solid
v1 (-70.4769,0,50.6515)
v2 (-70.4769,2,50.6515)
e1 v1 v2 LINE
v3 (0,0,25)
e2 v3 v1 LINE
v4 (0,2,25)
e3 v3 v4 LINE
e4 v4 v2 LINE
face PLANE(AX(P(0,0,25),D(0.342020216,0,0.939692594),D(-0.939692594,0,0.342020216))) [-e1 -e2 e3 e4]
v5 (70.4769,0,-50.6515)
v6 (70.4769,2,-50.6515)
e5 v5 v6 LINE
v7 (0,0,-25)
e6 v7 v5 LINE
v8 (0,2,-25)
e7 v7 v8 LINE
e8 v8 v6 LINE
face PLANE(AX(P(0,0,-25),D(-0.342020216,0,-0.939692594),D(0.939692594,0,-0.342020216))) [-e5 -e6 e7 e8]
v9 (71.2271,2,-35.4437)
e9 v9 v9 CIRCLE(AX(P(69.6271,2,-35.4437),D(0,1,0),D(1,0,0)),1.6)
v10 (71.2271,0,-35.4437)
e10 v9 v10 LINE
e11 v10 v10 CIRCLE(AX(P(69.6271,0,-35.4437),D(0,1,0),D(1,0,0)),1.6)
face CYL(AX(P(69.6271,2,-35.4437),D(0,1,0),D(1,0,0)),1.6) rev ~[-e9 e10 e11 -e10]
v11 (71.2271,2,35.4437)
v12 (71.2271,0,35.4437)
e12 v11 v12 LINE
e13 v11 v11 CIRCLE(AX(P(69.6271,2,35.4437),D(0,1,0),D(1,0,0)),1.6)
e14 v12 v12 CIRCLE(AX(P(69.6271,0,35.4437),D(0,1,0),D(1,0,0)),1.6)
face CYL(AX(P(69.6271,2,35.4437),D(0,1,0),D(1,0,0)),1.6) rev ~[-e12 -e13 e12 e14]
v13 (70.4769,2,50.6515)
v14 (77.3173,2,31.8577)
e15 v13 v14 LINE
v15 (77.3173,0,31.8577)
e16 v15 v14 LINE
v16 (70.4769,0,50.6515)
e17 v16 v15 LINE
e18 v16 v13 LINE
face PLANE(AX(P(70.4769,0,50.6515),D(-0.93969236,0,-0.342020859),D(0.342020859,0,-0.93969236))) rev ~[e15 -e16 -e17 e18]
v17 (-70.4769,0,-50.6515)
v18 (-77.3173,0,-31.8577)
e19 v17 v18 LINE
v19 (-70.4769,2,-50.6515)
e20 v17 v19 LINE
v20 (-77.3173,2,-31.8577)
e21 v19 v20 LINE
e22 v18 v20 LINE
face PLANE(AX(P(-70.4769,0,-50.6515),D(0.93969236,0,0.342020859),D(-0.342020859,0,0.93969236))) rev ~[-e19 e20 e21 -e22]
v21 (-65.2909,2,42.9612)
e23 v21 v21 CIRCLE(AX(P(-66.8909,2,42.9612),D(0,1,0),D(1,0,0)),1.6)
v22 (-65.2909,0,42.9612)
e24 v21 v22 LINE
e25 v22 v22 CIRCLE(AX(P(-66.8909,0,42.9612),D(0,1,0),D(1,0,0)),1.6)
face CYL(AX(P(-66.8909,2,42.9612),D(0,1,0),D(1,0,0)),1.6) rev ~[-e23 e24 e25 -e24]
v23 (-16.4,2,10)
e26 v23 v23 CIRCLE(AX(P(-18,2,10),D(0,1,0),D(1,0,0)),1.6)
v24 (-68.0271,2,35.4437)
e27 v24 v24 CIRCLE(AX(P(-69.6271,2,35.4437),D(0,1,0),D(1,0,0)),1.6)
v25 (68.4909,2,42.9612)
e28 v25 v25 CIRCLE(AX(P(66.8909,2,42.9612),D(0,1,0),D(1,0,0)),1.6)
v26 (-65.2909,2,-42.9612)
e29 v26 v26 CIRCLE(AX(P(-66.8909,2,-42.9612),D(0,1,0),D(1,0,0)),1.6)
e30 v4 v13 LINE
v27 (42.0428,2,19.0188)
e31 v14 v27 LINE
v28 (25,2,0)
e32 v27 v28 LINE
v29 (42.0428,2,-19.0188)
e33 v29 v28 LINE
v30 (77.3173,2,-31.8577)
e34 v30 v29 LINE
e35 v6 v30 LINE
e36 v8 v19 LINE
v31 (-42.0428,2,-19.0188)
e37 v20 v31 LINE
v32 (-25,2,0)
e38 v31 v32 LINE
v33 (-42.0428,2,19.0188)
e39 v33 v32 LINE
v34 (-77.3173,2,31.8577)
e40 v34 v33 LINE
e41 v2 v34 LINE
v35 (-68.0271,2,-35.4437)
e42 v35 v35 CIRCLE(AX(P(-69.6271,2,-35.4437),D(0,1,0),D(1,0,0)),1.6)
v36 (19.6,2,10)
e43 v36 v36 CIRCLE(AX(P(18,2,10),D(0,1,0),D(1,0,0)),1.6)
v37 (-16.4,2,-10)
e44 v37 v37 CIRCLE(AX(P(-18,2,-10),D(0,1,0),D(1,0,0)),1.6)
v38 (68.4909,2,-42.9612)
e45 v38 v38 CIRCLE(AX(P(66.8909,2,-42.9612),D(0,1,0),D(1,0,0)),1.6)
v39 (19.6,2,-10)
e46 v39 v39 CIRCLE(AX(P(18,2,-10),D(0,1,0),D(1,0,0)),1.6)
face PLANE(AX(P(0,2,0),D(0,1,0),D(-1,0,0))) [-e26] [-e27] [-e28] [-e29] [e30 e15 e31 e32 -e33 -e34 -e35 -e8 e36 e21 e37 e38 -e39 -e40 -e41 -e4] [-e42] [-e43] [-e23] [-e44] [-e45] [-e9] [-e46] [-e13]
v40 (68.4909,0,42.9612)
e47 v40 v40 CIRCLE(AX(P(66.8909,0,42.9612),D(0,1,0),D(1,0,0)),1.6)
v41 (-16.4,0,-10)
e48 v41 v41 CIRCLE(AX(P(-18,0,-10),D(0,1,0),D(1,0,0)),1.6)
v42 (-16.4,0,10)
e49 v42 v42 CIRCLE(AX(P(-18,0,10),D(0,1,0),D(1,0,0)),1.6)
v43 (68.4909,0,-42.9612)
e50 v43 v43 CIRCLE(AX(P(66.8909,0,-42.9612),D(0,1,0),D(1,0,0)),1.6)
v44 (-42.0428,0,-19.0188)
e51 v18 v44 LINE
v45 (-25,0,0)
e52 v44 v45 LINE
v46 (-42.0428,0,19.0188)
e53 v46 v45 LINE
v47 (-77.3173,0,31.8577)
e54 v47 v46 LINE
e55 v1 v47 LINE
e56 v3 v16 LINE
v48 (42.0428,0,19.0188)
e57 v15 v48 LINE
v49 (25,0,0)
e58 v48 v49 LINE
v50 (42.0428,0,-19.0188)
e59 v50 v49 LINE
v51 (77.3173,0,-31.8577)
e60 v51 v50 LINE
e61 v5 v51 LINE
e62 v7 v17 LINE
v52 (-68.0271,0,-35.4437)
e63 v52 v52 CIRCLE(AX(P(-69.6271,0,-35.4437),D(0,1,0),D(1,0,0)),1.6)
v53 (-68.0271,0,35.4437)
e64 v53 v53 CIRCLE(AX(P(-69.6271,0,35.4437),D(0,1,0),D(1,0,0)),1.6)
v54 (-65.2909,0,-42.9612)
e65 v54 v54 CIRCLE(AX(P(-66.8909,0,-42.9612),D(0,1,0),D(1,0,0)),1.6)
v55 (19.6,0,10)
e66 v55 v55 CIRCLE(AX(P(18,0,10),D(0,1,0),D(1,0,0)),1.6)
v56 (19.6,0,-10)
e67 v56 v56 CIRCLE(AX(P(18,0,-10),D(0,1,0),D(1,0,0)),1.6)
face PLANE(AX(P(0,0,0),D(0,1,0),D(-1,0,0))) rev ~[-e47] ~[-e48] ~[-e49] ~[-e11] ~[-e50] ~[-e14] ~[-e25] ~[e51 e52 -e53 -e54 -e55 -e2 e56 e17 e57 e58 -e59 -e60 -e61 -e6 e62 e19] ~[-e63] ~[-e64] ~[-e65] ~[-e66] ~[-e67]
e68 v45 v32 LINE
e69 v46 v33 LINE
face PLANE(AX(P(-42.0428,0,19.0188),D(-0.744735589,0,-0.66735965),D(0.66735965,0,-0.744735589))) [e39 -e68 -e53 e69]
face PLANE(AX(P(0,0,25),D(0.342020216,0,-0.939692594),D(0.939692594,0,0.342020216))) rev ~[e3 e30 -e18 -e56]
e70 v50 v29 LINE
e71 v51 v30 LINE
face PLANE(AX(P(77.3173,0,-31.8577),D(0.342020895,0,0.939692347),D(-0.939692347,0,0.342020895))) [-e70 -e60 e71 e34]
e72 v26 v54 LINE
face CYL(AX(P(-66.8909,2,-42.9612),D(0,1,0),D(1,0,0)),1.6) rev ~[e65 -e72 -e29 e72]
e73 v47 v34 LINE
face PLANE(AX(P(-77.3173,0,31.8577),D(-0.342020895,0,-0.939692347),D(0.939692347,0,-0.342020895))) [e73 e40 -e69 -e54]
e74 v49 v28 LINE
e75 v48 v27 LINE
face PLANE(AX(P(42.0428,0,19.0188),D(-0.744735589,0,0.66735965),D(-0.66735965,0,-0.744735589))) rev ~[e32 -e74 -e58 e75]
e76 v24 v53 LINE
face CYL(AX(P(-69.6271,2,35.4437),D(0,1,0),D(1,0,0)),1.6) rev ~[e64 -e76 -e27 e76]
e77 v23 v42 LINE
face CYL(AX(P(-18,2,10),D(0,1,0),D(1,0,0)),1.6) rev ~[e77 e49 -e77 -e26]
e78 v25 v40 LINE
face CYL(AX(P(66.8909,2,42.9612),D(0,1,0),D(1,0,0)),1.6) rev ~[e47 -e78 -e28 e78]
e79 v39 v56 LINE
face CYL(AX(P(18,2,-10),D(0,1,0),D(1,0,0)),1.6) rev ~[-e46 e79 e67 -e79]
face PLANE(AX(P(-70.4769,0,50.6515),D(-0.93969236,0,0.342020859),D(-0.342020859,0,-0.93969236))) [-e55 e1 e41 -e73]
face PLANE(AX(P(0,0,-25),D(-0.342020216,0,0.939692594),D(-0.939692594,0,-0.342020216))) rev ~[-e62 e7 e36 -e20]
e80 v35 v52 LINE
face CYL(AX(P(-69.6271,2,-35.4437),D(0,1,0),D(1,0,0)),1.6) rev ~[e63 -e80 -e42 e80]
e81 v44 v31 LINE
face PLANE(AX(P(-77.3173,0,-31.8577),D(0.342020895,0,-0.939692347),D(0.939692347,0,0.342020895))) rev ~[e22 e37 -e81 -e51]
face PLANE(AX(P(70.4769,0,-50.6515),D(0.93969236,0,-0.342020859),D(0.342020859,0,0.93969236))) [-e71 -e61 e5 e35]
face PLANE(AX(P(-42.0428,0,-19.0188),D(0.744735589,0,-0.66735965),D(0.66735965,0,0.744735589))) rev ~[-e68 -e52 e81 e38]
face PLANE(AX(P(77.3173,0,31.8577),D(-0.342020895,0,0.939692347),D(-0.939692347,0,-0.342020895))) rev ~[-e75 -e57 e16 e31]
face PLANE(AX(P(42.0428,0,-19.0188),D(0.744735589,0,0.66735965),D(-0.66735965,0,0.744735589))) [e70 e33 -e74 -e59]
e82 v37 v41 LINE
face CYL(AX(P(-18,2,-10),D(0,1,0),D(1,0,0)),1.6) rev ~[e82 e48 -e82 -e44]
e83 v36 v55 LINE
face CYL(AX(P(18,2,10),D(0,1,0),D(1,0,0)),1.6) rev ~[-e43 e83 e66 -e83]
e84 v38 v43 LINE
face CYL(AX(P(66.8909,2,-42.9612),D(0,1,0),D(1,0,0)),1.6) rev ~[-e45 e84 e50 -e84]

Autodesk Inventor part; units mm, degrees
ref_plane "YZ Plane" through (0, 0, 0) normal (1, 0, 0) x (0, 1, 0)
ref_plane "XZ Plane" through (0, 0, 0) normal (0, 1, 0) x (-1, 0, 0)
ref_plane "XY Plane" through (0, 0, 0) normal (0, 0, 1) x (1, 0, 0)
sketch "Skizze1" plane through (0, 0, 0) normal (0, 1, 0) x (-1, 0, 0)
  line L0 (25, -25) -> (-25, -25)
  line L1 (-25, -25) -> (-25, 25)
  line L2 (-25, 25) -> (25, 25)
  line L3 (25, 25) -> (25, -25)
  line L4 (0, -70.9121) -> (0, 70.9121) projected
  line L5 (0, -25) -> (-70.4769, -50.6515)
  line L6 (-70.4769, -50.6515) -> (-77.3173, -31.8577)
  line L7 (-77.3173, -31.8577) -> (-42.0428, -19.0188)
  line L8 (842.0086, 0) -> (-811.3812, 0) projected
  line L9 (0, -25) -> (70.4769, -50.6515)
  line L10 (70.4769, -50.6515) -> (77.3173, -31.8577)
  line L11 (77.3173, -31.8577) -> (42.0428, -19.0188)
  line L12 (-842.0086, 0) -> (811.3812, 0)
  line L13 (0, 25) -> (-70.4769, 50.6515)
  line L14 (-70.4769, 50.6515) -> (-77.3173, 31.8577)
  line L15 (-77.3173, 31.8577) -> (-42.0428, 19.0188)
  line L16 (77.3173, 31.8577) -> (42.0428, 19.0188)
  line L17 (0, 25) -> (70.4769, 50.6515)
  line L18 (70.4769, 50.6515) -> (77.3173, 31.8577)
  line L19 (-42.0428, -19.0188) -> (-25, 0)
  line L20 (42.0428, -19.0188) -> (25, 0)
  line L21 (-42.0428, 19.0188) -> (-25, 0)
  line L22 (42.0428, 19.0188) -> (25, 0)
  point P0 (0, 0)
  dimension "d0" = 50
  dimension "d1" = 50
  dimension "d3" = 75
  dimension "d6" = 20
  dimension "d7" = 20
  dimension "d8" = 90
  dimension "d12" = 41.864
extrude "Extrusion1" add sketch "Skizze1" along normal blind 2
sketch "Skizze2" plane through (0, 2, 0) normal (0, 1, 0) x (1, 0, 0)
  circle A0 centre (-66.8909, 42.9612) radius 1.6
  line L0 (0, 25) -> (-70.4769, 50.6515) projected
  line L1 (-70.4769, 50.6515) -> (-77.3173, 31.8577) projected
  circle A1 centre (-69.6271, 35.4437) radius 1.6
  line L2 (-77.3173, 31.8577) -> (-42.0428, 19.0188) projected
  line L3 (0, 70.9121) -> (0, -70.9121) projected
  line L4 (108.2443, 0) -> (-108.2443, 0) projected
  circle A2 centre (66.8909, 42.9612) radius 1.6
  circle A3 centre (69.6271, 35.4437) radius 1.6
  circle A4 centre (-66.8909, -42.9612) radius 1.6
  circle A5 centre (-69.6271, -35.4437) radius 1.6
  circle A6 centre (66.8909, -42.9612) radius 1.6
  circle A7 centre (69.6271, -35.4437) radius 1.6
  point P0 (0, 0)
  dimension "d15" = 3.2
  dimension "d16" = 6
  dimension "d17" = 6
  dimension "d18" = 3.2
  dimension "d19" = 6
  dimension "d20" = 6
extrude "Extrusion2" cut sketch "Skizze2" against normal up to surface (2 mm away)
sketch "Skizze3" plane through (0, 2, 0) normal (0, 1, 0) x (1, 0, 0)
  circle A0 centre (-18, 10) radius 1.6
  line L0 (0, 70.9121) -> (0, -70.9121) projected
  line L1 (108.2443, 0) -> (-108.2443, 0) projected
  circle A1 centre (-18, -10) radius 1.6
  circle A2 centre (18, 10) radius 1.6
  circle A3 centre (18, -10) radius 1.6
  point P0 (0, 0)
  dimension "d23" = 3.2
  dimension "d24" = 18
  dimension "d25" = 10
extrude "Extrusion3" cut sketch "Skizze3" against normal up to surface (2 mm away)
properties part number "_3D-Druck"
